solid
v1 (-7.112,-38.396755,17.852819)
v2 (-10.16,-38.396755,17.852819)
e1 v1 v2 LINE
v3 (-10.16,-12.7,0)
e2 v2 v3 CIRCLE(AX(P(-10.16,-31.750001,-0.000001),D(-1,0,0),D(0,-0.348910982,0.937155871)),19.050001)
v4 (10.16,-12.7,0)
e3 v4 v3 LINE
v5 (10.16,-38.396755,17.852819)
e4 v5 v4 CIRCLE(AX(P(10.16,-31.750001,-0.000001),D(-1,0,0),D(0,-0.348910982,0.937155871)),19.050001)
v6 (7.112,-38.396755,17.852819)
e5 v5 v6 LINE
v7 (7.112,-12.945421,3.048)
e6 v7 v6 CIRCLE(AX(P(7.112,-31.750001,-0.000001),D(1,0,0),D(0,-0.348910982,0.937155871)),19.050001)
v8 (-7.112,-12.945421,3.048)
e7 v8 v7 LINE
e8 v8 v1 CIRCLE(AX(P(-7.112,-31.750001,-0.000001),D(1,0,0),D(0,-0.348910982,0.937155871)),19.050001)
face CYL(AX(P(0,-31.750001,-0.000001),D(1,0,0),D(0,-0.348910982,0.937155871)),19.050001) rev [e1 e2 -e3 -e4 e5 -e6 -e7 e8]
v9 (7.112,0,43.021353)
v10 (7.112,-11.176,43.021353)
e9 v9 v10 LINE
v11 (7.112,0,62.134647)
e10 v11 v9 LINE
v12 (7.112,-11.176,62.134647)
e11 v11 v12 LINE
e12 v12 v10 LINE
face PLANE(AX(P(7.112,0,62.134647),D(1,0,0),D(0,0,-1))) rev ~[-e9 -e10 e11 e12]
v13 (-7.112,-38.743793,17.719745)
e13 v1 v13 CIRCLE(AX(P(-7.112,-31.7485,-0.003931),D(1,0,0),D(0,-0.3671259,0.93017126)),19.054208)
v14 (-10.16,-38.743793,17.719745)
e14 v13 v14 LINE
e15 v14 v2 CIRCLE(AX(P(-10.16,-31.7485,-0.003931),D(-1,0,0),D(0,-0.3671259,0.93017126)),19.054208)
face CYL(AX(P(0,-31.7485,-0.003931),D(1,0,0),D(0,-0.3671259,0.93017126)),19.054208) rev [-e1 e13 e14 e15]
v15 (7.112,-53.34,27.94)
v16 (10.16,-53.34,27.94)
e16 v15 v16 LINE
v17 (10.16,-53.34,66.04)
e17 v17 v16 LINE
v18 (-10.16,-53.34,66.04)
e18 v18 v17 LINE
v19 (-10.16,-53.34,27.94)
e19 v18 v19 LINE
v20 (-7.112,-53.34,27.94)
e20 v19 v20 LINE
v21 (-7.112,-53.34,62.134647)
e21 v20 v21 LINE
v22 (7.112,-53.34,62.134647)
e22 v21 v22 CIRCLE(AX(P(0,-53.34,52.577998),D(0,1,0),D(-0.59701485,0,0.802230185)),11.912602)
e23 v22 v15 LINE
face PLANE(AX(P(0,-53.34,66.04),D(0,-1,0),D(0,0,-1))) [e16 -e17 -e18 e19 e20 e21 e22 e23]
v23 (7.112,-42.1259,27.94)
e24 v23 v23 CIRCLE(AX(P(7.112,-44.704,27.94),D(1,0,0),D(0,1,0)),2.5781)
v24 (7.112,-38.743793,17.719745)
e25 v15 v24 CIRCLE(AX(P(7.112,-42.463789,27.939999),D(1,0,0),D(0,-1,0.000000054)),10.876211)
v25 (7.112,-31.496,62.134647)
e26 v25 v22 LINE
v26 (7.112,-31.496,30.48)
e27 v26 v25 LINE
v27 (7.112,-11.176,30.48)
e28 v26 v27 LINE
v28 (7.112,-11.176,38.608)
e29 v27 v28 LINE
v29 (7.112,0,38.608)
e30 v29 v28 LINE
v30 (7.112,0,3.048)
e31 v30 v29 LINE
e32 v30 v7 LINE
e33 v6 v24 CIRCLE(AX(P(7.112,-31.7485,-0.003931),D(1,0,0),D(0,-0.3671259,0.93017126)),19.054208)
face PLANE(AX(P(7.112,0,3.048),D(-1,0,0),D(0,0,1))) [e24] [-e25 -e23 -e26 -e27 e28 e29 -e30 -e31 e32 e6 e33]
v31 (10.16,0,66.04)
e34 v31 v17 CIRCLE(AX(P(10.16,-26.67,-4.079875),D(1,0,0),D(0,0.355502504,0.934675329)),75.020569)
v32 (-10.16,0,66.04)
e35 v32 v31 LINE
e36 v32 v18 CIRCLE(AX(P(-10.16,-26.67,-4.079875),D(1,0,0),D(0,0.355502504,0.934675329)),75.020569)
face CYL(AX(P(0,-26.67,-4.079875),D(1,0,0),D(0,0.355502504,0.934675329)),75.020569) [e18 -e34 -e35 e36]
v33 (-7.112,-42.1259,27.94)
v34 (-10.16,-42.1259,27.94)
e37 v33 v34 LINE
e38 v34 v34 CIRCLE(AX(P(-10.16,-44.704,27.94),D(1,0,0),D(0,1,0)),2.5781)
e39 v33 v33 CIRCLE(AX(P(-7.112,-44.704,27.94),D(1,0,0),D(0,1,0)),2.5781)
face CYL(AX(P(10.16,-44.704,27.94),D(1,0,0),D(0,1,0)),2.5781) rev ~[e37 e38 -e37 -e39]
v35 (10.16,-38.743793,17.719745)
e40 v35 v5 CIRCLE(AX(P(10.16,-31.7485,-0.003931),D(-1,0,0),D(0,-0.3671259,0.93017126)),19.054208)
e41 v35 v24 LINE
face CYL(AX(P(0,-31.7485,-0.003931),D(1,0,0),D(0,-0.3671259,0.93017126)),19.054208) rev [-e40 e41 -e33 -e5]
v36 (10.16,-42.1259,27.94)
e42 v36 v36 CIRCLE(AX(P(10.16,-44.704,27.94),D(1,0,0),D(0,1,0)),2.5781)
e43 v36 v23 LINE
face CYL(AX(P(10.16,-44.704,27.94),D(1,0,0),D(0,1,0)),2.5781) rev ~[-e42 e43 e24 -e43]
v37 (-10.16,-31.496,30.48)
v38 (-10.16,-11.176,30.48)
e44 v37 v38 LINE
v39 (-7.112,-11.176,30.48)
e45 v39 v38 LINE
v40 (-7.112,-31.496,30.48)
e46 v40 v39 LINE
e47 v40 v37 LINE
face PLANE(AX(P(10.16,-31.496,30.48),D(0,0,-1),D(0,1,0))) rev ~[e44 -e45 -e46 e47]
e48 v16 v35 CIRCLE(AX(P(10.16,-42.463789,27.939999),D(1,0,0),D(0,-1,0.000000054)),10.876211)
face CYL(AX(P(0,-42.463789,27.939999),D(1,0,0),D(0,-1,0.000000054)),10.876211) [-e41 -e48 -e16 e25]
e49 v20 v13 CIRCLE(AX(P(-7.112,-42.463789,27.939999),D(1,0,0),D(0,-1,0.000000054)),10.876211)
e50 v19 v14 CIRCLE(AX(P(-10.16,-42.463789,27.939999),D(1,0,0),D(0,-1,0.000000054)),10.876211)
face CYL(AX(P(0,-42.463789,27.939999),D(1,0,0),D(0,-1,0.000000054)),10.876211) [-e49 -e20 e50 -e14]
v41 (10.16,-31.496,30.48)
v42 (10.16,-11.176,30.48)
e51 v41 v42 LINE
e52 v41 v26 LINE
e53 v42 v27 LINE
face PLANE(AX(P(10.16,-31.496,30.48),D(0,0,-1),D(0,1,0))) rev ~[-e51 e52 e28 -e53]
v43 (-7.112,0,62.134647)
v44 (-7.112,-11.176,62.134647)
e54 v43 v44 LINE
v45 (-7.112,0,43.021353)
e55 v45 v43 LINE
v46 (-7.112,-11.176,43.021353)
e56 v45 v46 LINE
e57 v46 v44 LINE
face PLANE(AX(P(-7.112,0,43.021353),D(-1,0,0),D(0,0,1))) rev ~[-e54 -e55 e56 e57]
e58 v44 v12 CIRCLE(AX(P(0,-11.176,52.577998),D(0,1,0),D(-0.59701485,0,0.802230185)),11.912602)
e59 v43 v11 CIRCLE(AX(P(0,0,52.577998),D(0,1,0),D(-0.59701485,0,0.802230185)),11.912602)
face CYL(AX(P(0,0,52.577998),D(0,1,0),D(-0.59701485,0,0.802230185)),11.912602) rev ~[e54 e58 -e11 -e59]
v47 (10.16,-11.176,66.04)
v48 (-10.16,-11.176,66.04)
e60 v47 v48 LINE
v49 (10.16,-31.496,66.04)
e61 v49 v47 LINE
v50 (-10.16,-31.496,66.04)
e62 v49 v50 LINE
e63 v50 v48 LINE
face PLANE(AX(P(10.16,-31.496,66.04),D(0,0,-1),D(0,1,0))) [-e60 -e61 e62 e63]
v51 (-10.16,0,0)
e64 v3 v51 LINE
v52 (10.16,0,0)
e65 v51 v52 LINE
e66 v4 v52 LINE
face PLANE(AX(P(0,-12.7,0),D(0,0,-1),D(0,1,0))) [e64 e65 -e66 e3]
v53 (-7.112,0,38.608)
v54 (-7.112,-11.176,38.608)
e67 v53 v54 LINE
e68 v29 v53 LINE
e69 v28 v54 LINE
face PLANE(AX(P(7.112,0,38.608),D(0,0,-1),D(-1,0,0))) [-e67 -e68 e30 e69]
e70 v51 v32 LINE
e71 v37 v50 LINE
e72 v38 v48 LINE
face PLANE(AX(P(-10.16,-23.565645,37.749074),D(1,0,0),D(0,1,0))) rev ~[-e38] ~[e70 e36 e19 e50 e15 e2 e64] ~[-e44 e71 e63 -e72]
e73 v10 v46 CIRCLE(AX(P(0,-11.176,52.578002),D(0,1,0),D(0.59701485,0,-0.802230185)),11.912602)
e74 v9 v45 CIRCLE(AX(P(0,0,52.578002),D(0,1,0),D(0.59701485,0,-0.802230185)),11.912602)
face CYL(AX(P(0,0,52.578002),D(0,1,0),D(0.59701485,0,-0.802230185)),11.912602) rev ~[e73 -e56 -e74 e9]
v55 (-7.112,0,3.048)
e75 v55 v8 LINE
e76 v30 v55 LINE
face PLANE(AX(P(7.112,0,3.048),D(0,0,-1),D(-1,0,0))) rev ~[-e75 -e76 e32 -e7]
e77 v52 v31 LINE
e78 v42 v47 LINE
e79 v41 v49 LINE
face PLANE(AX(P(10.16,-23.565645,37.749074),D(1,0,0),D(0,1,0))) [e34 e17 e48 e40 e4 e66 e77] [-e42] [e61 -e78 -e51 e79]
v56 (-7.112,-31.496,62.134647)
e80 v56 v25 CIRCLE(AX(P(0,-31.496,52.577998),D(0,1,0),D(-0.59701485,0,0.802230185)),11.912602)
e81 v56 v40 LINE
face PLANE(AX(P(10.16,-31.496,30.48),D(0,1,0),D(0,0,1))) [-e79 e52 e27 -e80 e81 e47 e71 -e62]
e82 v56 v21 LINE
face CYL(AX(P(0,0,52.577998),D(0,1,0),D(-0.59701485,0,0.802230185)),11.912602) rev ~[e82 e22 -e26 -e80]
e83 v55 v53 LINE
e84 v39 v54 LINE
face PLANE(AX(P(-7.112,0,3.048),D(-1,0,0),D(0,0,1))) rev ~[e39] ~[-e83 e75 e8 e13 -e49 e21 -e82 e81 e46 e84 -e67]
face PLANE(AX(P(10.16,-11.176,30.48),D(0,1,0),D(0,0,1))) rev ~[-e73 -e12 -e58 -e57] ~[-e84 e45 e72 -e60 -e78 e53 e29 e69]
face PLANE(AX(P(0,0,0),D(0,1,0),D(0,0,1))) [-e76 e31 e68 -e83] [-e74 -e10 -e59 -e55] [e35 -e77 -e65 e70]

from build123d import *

# Parameters (mm, degrees)
F1_DEPTH      = 10.16
F1_DEPTH_BACK = 10.16
F2_W          = 20.32
F2_H          = 35.56
F2_R          = 2.5781
F3_DEPTH      = 25.4
F4_W          = 14.224
F4_H          = 35.56
F5_DEPTH      = 54.61
F7_DEPTH      = 25.4


with BuildPart() as f1:
    # F0 (on Right) → F1 (new body, two sides)
    with BuildSketch(Plane.YZ) as f1_sk:
        with BuildLine():
            Line((-12.7, 0), (0, 0))
            Line((0, 0), (0, 66.04))
            ThreePointArc((0, 66.04), (-26.67, 70.940694), (-53.34, 66.04))
            Line((-53.34, 66.04), (-53.34, 27.94))
            ThreePointArc((-53.34, 27.94), (-48.702079, 19.030695), (-38.743793, 17.719745))
            ThreePointArc((-38.743793, 17.719745), (-38.570599, 17.787128), (-38.396755, 17.852819))
            ThreePointArc((-38.396755, 17.852819), (-20.880736, 15.644858), (-12.7, 0))
        make_face()
    extrude(amount=F1_DEPTH)
    extrude(f1_sk.sketch, amount=-F1_DEPTH_BACK)

    # F2 (on face) → F3 (cut)
    with BuildSketch(Plane.YZ.offset(10.16)):
        with Locations((-21.336, 48.26)):
            Rectangle(F2_W, F2_H)
        with Locations((-44.704, 27.94)):
            Circle(F2_R)
    extrude(amount=-F3_DEPTH, mode=Mode.SUBTRACT)

    # F4 (on face) → F5 (cut)
    with BuildSketch(Plane(origin=(0, 0, 0), x_dir=(-1, 0, 0), z_dir=(0, 1, 0))):
        with BuildLine():
            Line((7.112, 43.021353), (7.112, 62.134647))
            ThreePointArc((7.112, 62.134647), (0, 64.4906), (-7.112, 62.134647))
            Line((-7.112, 62.134647), (-7.112, 43.021353))
            ThreePointArc((-7.112, 43.021353), (0, 40.6654), (7.112, 43.021353))
        make_face()
        with Locations((0, 20.828)):
            Rectangle(F4_W, F4_H)
    extrude(amount=-F5_DEPTH, mode=Mode.SUBTRACT)

    # F6 (on face) → F7 (cut)
    with BuildSketch(Plane.XZ.offset(53.34)):
        with BuildLine():
            Line((-7.112, 43.443549), (-7.112, 38.608))
            Line((-7.112, 38.608), (7.112, 38.608))
            Line((7.112, 38.608), (7.112, 43.443549))
            ThreePointArc((7.112, 43.443549), (0, 41.004444), (-7.112, 43.443549))
        make_face()
    extrude(amount=-F7_DEPTH, mode=Mode.SUBTRACT)


solid = f1.part
